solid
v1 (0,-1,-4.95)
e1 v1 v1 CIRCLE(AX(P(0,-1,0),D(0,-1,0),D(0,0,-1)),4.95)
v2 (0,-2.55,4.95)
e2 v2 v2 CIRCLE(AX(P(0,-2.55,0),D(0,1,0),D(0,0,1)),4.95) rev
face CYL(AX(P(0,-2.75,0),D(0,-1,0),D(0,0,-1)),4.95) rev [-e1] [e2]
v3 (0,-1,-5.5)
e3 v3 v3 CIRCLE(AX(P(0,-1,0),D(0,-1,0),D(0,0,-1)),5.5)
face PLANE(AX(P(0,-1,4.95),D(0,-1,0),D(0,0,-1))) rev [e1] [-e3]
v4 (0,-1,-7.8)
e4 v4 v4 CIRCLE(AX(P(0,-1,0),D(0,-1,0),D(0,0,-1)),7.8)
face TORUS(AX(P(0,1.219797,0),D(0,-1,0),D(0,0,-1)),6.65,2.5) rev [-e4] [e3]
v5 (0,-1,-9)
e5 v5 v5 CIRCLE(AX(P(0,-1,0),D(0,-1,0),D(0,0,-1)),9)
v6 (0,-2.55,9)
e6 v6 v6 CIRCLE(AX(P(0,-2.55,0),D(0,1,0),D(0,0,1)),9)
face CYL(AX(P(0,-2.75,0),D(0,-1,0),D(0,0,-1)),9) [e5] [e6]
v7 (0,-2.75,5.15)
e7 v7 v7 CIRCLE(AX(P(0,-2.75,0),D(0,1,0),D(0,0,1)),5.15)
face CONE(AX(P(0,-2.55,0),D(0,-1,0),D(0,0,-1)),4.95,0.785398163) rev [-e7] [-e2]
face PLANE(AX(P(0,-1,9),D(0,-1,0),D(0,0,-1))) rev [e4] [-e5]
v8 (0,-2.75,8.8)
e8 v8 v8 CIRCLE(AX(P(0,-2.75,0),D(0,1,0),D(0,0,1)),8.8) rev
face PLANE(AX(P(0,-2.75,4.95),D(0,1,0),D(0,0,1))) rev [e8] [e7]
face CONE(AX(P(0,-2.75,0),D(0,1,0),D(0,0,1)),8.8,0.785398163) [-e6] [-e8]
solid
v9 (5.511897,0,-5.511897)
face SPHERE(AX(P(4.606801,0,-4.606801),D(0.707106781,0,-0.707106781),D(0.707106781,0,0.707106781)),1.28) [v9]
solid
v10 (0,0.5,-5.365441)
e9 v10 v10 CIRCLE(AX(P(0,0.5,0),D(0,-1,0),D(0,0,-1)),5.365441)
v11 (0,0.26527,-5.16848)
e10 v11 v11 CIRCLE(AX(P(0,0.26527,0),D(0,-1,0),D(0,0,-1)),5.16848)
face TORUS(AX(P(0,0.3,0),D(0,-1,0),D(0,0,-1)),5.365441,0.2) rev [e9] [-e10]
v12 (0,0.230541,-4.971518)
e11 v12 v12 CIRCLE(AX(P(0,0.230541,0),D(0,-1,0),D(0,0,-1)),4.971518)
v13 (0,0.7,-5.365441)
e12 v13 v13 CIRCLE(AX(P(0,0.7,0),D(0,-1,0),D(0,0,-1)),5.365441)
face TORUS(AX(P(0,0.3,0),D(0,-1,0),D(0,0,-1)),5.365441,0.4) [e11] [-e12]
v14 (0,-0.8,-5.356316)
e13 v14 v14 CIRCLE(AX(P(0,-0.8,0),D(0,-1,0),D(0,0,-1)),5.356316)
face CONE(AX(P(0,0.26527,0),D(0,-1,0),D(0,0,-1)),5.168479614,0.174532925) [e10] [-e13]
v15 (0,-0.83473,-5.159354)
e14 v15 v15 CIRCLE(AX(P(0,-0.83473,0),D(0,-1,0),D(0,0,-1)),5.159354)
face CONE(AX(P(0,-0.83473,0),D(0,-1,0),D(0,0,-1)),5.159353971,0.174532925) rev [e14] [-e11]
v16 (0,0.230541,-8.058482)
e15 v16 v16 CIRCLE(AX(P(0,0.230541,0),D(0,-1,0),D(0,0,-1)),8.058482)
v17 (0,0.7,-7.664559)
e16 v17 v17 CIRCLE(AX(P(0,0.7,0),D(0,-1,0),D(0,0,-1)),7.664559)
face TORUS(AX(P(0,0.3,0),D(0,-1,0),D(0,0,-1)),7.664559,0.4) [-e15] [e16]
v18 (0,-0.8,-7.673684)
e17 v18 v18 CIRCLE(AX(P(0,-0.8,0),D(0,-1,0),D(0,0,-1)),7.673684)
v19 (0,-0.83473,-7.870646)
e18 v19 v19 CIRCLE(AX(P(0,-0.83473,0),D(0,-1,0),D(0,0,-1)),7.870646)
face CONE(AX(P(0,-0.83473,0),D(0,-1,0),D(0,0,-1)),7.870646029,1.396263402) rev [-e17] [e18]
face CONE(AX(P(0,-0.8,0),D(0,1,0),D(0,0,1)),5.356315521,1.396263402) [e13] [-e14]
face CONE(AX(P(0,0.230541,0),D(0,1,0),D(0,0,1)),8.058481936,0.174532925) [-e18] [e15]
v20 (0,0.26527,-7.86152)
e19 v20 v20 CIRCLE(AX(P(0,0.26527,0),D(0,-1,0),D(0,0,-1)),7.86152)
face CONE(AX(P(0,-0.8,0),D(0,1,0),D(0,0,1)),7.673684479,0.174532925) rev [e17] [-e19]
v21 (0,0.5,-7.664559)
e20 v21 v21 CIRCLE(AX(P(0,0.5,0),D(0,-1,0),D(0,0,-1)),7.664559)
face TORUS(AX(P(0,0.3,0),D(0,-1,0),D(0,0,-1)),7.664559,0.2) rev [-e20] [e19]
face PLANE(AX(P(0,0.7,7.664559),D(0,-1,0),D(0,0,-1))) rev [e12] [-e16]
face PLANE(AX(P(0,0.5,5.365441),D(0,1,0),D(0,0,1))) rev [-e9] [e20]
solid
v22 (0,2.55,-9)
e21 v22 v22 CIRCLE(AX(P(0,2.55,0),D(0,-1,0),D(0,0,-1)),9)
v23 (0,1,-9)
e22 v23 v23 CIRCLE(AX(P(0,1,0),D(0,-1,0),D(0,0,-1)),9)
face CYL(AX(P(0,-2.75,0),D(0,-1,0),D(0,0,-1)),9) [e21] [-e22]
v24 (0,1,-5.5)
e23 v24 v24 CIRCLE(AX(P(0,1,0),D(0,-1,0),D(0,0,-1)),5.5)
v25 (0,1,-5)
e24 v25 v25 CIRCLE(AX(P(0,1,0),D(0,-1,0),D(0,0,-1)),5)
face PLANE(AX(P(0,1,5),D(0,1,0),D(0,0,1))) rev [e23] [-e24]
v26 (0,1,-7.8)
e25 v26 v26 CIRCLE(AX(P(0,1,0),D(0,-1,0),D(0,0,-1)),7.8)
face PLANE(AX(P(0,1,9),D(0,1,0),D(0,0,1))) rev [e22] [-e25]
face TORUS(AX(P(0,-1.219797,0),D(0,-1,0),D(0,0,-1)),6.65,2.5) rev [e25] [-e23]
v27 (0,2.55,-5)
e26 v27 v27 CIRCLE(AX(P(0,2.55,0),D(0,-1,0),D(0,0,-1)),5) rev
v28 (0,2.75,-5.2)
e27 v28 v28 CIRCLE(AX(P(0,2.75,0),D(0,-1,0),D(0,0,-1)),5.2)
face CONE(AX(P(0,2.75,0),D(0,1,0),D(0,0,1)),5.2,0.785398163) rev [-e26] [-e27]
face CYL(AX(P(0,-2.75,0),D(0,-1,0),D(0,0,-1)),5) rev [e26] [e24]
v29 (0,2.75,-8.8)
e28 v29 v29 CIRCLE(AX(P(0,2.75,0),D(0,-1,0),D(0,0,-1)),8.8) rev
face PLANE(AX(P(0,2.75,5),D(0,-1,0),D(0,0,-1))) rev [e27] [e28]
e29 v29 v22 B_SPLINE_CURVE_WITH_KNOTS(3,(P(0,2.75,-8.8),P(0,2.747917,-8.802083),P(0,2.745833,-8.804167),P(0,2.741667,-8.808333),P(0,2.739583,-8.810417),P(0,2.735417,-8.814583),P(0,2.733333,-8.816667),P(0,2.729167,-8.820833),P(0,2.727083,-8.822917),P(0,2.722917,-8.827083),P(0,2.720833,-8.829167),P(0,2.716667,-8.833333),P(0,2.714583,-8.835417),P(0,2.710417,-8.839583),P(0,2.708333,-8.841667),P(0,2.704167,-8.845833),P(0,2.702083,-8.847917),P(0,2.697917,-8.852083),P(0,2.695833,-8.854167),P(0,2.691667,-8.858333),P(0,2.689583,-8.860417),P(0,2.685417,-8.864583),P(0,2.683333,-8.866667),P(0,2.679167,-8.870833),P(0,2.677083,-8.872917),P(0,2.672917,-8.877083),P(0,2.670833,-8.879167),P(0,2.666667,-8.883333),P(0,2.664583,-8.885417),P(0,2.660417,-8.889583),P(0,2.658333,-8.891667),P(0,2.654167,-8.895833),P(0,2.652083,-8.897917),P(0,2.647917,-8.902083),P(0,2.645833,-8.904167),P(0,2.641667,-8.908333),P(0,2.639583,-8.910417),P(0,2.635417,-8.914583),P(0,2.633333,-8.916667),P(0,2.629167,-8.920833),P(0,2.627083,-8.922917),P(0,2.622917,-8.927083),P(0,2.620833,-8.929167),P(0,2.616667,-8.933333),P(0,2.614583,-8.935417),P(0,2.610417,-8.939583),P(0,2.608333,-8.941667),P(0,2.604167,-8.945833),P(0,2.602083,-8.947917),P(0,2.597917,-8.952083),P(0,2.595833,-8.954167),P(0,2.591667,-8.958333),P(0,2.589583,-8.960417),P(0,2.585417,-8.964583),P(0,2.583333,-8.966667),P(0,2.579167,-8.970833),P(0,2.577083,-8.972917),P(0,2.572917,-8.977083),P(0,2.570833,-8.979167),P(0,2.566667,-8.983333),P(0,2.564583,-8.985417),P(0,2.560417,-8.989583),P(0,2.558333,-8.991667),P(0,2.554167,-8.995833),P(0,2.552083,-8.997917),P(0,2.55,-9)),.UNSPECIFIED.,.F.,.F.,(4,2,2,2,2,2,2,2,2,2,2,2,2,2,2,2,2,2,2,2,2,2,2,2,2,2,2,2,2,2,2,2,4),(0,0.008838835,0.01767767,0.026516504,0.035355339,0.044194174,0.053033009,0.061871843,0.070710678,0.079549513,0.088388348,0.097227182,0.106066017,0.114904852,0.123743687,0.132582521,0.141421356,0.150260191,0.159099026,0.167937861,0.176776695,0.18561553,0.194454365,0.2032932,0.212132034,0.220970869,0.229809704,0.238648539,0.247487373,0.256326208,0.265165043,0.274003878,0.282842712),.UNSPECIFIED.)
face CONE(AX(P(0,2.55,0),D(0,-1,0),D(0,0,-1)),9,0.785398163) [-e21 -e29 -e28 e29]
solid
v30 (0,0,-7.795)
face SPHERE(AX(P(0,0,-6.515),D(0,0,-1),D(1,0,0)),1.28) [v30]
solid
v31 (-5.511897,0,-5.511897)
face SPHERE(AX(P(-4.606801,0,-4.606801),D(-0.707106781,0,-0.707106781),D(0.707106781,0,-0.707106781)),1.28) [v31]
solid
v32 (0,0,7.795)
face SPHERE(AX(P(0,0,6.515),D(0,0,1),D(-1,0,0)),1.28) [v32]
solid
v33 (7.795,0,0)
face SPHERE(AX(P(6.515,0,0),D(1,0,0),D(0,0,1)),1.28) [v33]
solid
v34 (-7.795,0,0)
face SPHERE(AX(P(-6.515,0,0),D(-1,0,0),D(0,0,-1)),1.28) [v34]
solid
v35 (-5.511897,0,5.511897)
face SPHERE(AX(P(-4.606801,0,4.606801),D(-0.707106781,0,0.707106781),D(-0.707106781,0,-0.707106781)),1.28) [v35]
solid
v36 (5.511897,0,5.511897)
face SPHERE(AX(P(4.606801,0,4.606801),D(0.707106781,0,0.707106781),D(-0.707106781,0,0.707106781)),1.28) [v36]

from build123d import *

# Parameters (mm, degrees)
PATTERN_CIRCULAR_2_COUNT = 8
CHAMFER_1_SIZE           = 0.2
CHAMFER_2_SIZE           = 0.2


with BuildPart() as part:
    # 草图4 → 旋转1 (revolve)
    with BuildSketch(Plane(origin=(0, 0, 0), x_dir=(0, 0, -1), z_dir=(1, 0, 0)), mode=Mode.PRIVATE) as revolve_1_sk:
        with BuildLine():
            Line((-4.95, -2.75), (-4.95, -1))
            Line((-4.95, -1), (-5.5, -1))
            ThreePointArc((-5.5, -1), (-6.65, -1.280202712), (-7.8, -1))
            Line((-7.8, -1), (-9, -1))
            Line((-9, -1), (-9, -2.75))
            Line((-9, -2.75), (-4.95, -2.75))
        make_face()
        with BuildLine():
            Line((-5, 2.75), (-9, 2.75))
            Line((-9, 2.75), (-9, 1))
            Line((-9, 1), (-7.8, 1))
            ThreePointArc((-7.8, 1), (-6.65, 1.280202712), (-5.5, 1))
            Line((-5.5, 1), (-5, 1))
            Line((-5, 1), (-5, 2.75))
        make_face()
    revolve(revolve_1_sk.sketch.rotate(Axis((0, -2.75, 0), (0, 1, 0)), 180), axis=Axis((0, -2.75, 0), (0, 1, 0)))

    # 倒角1
    chamfer_1_edges = [part.edges().sort_by_distance(p)[0] for p in [
        (0, 2.75, 9),
        (0, 2.75, 5),
    ]]
    chamfer(chamfer_1_edges, length=CHAMFER_1_SIZE)

    # 倒角2
    chamfer_2_edges = [part.edges().sort_by_distance(p)[0] for p in [
        (0, -2.75, 4.95),
        (0, -2.75, 9),
    ]]
    chamfer(chamfer_2_edges, length=CHAMFER_2_SIZE)


with BuildPart() as body_2:
    # 草图3 → 旋转2 (revolve)
    with BuildSketch(Plane(origin=(0, 0, 0), x_dir=(1, 0, 0), z_dir=(0, 1, 0))):
        with BuildLine():
            Line((0, 7.795), (0, 5.235))
            ThreePointArc((0, 5.235), (1.28, 6.515), (0, 7.795))
        make_face()
    revolve(axis=Axis((0, 0, -7.795), (0, 0, 1)))


with BuildPart() as pattern_circular_2_1:
    # 阵列(圆周)2: pattern copy
    add(body_2.part.rotate(Axis((0, 0, 0), (0, 1, 0)), 1 * 360 / PATTERN_CIRCULAR_2_COUNT))


with BuildPart() as pattern_circular_2_2:
    # 阵列(圆周)2: pattern copy
    add(body_2.part.rotate(Axis((0, 0, 0), (0, 1, 0)), 2 * 360 / PATTERN_CIRCULAR_2_COUNT))


with BuildPart() as pattern_circular_2_3:
    # 阵列(圆周)2: pattern copy
    add(body_2.part.rotate(Axis((0, 0, 0), (0, 1, 0)), 3 * 360 / PATTERN_CIRCULAR_2_COUNT))


with BuildPart() as pattern_circular_2_4:
    # 阵列(圆周)2: pattern copy
    add(body_2.part.rotate(Axis((0, 0, 0), (0, 1, 0)), 4 * 360 / PATTERN_CIRCULAR_2_COUNT))


with BuildPart() as pattern_circular_2_5:
    # 阵列(圆周)2: pattern copy
    add(body_2.part.rotate(Axis((0, 0, 0), (0, 1, 0)), 5 * 360 / PATTERN_CIRCULAR_2_COUNT))


with BuildPart() as pattern_circular_2_6:
    # 阵列(圆周)2: pattern copy
    add(body_2.part.rotate(Axis((0, 0, 0), (0, 1, 0)), 6 * 360 / PATTERN_CIRCULAR_2_COUNT))


with BuildPart() as pattern_circular_2_7:
    # 阵列(圆周)2: pattern copy
    add(body_2.part.rotate(Axis((0, 0, 0), (0, 1, 0)), 7 * 360 / PATTERN_CIRCULAR_2_COUNT))


with BuildPart() as body_10:
    # 草图5 → 旋转5 (revolve)
    with BuildSketch(Plane(origin=(0, 0, 0), x_dir=(0, 0, -1), z_dir=(1, 0, 0)), mode=Mode.PRIVATE) as revolve_5_sk:
        with BuildLine():
            Line((-7.861520386, 0.265270364), (-7.673684479, -0.8))
            Line((-7.673684479, -0.8), (-7.870646029, -0.834729636))
            Line((-7.870646029, -0.834729636), (-8.058481936, 0.230540729))
            ThreePointArc((-8.058481936, 0.230540729), (-7.970976612, 0.557115044), (-7.664558835, 0.7))
            Line((-7.664558835, 0.7), (-5.365441165, 0.7))
            ThreePointArc((-5.365441165, 0.7), (-5.059023388, 0.557115044), (-4.971518064, 0.230540729))
            Line((-4.971518064, 0.230540729), (-5.159353971, -0.834729636))
            Line((-5.159353971, -0.834729636), (-5.356315521, -0.8))
            Line((-5.356315521, -0.8), (-5.168479614, 0.265270364))
            ThreePointArc((-5.168479614, 0.265270364), (-5.212232276, 0.428557522), (-5.365441165, 0.5))
            Line((-5.365441165, 0.5), (-7.664558835, 0.5))
            ThreePointArc((-7.664558835, 0.5), (-7.817767724, 0.428557522), (-7.861520386, 0.265270364))
        make_face()
    revolve(revolve_5_sk.sketch.rotate(Axis((0, 0, 0), (0, 1, 0)), 180), axis=Axis((0, 0, 0), (0, 1, 0)))


solid = Compound([part.part, body_2.part, pattern_circular_2_1.part, pattern_circular_2_2.part, pattern_circular_2_3.part, pattern_circular_2_4.part, pattern_circular_2_5.part, pattern_circular_2_6.part, pattern_circular_2_7.part, body_10.part])
